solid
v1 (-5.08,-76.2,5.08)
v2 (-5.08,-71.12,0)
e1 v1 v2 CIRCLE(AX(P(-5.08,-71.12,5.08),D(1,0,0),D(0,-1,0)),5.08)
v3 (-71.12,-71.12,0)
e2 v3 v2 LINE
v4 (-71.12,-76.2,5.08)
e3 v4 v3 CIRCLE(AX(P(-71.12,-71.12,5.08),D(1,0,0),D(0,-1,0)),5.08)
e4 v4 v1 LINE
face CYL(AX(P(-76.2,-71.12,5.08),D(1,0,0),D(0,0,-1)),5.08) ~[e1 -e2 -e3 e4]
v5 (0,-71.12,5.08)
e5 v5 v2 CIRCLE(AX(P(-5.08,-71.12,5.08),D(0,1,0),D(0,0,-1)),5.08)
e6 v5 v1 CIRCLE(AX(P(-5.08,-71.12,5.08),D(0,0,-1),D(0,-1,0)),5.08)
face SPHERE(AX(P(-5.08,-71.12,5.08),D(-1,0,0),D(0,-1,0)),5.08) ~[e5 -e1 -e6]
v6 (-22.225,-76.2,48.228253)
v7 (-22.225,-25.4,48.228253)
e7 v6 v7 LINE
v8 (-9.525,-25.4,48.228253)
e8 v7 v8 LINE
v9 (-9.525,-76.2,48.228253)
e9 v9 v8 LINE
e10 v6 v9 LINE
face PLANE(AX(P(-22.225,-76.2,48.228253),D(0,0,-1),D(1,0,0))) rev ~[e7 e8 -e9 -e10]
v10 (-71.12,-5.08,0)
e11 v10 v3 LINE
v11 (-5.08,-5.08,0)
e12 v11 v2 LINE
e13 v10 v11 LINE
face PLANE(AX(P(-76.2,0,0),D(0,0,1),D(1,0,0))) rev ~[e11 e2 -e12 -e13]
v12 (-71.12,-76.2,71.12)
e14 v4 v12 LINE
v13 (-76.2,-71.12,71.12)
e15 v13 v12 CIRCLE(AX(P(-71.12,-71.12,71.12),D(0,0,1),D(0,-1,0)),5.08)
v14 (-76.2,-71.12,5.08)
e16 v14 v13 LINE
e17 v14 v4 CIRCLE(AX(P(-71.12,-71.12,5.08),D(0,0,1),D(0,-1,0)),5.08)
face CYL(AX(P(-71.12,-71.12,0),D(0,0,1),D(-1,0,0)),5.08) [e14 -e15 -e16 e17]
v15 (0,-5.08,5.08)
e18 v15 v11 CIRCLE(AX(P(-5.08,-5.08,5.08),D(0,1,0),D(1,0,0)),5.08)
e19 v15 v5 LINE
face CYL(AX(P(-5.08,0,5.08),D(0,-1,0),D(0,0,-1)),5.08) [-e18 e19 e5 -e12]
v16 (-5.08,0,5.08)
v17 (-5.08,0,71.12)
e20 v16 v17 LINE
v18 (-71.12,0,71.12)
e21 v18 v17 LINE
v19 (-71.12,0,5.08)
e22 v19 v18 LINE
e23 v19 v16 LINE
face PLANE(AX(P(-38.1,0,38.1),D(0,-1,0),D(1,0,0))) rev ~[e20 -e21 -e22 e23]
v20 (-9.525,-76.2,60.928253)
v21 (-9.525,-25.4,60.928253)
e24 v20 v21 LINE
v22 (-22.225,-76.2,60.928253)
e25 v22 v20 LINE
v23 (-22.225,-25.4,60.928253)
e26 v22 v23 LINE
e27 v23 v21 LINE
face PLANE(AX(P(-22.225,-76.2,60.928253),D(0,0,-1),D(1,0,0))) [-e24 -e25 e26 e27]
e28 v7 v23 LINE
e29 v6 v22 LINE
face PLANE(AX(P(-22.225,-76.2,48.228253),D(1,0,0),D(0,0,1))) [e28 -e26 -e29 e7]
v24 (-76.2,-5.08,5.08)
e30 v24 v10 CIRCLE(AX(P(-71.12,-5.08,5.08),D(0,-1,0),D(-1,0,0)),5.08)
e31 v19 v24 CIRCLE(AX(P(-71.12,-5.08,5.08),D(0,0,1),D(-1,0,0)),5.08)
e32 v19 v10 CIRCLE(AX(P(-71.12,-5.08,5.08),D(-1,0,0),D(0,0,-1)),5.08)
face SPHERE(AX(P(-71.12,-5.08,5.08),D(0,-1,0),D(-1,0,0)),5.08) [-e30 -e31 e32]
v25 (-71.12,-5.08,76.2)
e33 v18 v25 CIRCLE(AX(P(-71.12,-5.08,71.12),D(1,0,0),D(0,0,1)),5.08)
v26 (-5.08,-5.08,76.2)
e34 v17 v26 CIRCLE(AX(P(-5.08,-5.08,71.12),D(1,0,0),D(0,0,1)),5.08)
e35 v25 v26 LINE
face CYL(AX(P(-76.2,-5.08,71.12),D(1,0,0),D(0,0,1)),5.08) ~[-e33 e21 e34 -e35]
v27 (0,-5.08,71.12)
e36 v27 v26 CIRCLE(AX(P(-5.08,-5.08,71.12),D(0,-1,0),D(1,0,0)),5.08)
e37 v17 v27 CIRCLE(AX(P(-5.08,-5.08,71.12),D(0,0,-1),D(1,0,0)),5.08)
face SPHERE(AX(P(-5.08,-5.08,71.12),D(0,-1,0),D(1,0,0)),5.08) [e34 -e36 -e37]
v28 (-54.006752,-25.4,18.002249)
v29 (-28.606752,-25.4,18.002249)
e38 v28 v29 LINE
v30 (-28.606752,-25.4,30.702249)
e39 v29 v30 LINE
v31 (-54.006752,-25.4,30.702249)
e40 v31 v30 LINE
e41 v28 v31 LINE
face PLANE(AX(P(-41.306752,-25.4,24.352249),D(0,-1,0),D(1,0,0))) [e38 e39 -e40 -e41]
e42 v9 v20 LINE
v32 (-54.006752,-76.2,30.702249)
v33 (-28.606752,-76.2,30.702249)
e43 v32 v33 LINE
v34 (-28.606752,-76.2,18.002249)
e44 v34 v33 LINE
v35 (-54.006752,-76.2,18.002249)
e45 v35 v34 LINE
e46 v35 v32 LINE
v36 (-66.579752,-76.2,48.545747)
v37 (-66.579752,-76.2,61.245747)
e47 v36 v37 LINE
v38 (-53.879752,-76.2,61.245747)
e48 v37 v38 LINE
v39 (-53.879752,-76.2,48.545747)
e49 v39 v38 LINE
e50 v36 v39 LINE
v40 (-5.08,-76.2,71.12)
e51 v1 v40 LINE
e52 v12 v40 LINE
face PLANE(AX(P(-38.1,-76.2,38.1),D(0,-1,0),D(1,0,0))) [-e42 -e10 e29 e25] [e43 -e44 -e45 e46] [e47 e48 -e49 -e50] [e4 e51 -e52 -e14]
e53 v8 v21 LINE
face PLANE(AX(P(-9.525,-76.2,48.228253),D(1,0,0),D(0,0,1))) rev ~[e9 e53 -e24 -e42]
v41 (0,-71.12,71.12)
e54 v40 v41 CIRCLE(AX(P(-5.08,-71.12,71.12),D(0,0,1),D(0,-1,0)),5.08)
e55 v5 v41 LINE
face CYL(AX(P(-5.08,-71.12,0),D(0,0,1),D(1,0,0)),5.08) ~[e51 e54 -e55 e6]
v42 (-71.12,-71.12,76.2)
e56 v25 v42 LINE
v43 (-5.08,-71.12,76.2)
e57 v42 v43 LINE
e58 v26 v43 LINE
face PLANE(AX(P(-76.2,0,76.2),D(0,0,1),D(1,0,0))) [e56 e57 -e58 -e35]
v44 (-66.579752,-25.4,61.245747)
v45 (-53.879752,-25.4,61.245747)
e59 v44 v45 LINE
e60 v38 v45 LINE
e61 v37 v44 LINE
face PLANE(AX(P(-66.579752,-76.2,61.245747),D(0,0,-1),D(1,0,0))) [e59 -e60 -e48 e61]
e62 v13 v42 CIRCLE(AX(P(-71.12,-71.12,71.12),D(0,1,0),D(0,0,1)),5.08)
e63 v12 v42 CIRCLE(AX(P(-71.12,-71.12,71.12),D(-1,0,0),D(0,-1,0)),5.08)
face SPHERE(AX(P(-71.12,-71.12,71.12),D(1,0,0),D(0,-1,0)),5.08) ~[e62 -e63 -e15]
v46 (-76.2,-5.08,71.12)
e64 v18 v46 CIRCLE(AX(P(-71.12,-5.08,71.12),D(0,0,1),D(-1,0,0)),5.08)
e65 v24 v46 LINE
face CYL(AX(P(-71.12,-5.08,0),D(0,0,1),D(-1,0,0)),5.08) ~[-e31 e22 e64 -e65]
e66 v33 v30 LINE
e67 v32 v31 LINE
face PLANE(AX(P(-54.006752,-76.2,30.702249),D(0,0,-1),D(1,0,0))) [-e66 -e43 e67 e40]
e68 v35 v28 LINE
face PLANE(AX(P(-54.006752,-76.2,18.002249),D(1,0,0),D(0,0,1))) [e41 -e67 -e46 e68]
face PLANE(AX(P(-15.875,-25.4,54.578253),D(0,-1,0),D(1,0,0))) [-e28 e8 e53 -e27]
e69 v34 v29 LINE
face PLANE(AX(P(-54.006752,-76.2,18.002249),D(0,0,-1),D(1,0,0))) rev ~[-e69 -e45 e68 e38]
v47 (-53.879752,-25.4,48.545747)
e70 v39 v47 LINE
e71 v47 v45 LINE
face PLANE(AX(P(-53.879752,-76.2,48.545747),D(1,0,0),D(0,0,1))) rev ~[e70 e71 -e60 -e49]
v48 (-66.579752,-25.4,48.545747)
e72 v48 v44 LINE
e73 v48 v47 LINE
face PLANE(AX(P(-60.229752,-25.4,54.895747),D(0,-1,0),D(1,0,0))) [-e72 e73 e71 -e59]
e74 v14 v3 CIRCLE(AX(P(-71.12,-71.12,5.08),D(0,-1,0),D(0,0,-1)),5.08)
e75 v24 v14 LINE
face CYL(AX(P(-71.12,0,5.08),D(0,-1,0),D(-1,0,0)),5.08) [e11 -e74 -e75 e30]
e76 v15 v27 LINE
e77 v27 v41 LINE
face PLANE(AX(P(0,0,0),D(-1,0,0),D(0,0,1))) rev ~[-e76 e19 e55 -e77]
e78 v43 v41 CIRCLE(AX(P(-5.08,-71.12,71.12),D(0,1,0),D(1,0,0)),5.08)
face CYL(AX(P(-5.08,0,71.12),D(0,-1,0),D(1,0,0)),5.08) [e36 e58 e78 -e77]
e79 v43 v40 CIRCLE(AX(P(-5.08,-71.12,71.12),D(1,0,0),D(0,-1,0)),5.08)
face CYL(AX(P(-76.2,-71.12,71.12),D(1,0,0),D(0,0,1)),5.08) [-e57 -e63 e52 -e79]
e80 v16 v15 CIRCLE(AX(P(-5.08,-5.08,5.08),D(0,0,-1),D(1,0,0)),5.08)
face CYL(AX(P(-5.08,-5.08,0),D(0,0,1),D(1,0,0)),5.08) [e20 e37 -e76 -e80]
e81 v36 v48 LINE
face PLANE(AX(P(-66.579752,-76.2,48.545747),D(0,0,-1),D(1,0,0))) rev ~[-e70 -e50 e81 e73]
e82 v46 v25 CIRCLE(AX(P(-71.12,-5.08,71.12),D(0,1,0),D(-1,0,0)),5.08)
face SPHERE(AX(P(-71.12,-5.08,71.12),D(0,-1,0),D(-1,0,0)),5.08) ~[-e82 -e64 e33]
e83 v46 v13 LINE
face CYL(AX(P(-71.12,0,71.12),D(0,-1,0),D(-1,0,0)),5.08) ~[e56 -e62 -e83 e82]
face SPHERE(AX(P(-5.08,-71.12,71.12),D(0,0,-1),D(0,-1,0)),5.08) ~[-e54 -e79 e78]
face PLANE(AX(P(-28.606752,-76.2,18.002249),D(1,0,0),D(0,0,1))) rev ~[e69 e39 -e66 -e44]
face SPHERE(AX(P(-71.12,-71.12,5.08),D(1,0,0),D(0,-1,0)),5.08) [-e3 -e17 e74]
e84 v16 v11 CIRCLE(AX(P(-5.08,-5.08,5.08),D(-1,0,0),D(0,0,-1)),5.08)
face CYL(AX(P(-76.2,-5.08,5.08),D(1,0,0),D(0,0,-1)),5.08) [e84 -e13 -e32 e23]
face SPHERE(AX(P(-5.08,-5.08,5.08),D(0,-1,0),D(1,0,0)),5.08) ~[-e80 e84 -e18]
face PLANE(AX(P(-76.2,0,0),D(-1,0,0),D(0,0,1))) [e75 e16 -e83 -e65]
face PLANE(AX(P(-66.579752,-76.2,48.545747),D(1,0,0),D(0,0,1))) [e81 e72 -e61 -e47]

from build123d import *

# Parameters (mm, degrees)
F0_W     = 76.2
F0_H     = 76.2
F1_DEPTH = 76.2
F3_R     = 5.08
F2_W     = 12.7
F2_H     = 12.7
F2_W_2   = 25.4
F4_DEPTH = 50.8


with BuildPart() as f1:
    # F0 (on Front) → F1 (new body)
    with BuildSketch(Plane.XZ):
        with Locations((-38.1, 38.1)):
            Rectangle(F0_W, F0_H)
    extrude(amount=F1_DEPTH)

    # F3
    f3_edges = [f1.edges().sort_by_distance(p)[0] for p in [
        (-38.1, -76.2, 0),
        (0, -76.2, 38.1),
        (-38.1, -76.2, 76.2),
        (-76.2, -76.2, 38.1),
        (0, -38.1, 0),
        (0, -38.1, 76.2),
        (0, 0, 38.1),
        (-76.2, -38.1, 76.2),
        (-76.2, -38.1, 0),
        (-76.2, 0, 38.1),
        (-38.1, 0, 0),
        (-38.1, 0, 76.2),
    ]]
    fillet(f3_edges, radius=F3_R)

    # F2 (on face) → F4 (cut)
    with BuildSketch(Plane.XZ.offset(76.2)):
        with Locations((-60.229752, 54.895747)):
            Rectangle(F2_W, F2_H)
        with Locations((-15.875, 54.578253)):
            Rectangle(F2_W, F2_H)
        with Locations((-41.306752, 24.352249)):
            Rectangle(F2_W_2, F2_H)
    extrude(amount=-F4_DEPTH, mode=Mode.SUBTRACT)


solid = f1.part
